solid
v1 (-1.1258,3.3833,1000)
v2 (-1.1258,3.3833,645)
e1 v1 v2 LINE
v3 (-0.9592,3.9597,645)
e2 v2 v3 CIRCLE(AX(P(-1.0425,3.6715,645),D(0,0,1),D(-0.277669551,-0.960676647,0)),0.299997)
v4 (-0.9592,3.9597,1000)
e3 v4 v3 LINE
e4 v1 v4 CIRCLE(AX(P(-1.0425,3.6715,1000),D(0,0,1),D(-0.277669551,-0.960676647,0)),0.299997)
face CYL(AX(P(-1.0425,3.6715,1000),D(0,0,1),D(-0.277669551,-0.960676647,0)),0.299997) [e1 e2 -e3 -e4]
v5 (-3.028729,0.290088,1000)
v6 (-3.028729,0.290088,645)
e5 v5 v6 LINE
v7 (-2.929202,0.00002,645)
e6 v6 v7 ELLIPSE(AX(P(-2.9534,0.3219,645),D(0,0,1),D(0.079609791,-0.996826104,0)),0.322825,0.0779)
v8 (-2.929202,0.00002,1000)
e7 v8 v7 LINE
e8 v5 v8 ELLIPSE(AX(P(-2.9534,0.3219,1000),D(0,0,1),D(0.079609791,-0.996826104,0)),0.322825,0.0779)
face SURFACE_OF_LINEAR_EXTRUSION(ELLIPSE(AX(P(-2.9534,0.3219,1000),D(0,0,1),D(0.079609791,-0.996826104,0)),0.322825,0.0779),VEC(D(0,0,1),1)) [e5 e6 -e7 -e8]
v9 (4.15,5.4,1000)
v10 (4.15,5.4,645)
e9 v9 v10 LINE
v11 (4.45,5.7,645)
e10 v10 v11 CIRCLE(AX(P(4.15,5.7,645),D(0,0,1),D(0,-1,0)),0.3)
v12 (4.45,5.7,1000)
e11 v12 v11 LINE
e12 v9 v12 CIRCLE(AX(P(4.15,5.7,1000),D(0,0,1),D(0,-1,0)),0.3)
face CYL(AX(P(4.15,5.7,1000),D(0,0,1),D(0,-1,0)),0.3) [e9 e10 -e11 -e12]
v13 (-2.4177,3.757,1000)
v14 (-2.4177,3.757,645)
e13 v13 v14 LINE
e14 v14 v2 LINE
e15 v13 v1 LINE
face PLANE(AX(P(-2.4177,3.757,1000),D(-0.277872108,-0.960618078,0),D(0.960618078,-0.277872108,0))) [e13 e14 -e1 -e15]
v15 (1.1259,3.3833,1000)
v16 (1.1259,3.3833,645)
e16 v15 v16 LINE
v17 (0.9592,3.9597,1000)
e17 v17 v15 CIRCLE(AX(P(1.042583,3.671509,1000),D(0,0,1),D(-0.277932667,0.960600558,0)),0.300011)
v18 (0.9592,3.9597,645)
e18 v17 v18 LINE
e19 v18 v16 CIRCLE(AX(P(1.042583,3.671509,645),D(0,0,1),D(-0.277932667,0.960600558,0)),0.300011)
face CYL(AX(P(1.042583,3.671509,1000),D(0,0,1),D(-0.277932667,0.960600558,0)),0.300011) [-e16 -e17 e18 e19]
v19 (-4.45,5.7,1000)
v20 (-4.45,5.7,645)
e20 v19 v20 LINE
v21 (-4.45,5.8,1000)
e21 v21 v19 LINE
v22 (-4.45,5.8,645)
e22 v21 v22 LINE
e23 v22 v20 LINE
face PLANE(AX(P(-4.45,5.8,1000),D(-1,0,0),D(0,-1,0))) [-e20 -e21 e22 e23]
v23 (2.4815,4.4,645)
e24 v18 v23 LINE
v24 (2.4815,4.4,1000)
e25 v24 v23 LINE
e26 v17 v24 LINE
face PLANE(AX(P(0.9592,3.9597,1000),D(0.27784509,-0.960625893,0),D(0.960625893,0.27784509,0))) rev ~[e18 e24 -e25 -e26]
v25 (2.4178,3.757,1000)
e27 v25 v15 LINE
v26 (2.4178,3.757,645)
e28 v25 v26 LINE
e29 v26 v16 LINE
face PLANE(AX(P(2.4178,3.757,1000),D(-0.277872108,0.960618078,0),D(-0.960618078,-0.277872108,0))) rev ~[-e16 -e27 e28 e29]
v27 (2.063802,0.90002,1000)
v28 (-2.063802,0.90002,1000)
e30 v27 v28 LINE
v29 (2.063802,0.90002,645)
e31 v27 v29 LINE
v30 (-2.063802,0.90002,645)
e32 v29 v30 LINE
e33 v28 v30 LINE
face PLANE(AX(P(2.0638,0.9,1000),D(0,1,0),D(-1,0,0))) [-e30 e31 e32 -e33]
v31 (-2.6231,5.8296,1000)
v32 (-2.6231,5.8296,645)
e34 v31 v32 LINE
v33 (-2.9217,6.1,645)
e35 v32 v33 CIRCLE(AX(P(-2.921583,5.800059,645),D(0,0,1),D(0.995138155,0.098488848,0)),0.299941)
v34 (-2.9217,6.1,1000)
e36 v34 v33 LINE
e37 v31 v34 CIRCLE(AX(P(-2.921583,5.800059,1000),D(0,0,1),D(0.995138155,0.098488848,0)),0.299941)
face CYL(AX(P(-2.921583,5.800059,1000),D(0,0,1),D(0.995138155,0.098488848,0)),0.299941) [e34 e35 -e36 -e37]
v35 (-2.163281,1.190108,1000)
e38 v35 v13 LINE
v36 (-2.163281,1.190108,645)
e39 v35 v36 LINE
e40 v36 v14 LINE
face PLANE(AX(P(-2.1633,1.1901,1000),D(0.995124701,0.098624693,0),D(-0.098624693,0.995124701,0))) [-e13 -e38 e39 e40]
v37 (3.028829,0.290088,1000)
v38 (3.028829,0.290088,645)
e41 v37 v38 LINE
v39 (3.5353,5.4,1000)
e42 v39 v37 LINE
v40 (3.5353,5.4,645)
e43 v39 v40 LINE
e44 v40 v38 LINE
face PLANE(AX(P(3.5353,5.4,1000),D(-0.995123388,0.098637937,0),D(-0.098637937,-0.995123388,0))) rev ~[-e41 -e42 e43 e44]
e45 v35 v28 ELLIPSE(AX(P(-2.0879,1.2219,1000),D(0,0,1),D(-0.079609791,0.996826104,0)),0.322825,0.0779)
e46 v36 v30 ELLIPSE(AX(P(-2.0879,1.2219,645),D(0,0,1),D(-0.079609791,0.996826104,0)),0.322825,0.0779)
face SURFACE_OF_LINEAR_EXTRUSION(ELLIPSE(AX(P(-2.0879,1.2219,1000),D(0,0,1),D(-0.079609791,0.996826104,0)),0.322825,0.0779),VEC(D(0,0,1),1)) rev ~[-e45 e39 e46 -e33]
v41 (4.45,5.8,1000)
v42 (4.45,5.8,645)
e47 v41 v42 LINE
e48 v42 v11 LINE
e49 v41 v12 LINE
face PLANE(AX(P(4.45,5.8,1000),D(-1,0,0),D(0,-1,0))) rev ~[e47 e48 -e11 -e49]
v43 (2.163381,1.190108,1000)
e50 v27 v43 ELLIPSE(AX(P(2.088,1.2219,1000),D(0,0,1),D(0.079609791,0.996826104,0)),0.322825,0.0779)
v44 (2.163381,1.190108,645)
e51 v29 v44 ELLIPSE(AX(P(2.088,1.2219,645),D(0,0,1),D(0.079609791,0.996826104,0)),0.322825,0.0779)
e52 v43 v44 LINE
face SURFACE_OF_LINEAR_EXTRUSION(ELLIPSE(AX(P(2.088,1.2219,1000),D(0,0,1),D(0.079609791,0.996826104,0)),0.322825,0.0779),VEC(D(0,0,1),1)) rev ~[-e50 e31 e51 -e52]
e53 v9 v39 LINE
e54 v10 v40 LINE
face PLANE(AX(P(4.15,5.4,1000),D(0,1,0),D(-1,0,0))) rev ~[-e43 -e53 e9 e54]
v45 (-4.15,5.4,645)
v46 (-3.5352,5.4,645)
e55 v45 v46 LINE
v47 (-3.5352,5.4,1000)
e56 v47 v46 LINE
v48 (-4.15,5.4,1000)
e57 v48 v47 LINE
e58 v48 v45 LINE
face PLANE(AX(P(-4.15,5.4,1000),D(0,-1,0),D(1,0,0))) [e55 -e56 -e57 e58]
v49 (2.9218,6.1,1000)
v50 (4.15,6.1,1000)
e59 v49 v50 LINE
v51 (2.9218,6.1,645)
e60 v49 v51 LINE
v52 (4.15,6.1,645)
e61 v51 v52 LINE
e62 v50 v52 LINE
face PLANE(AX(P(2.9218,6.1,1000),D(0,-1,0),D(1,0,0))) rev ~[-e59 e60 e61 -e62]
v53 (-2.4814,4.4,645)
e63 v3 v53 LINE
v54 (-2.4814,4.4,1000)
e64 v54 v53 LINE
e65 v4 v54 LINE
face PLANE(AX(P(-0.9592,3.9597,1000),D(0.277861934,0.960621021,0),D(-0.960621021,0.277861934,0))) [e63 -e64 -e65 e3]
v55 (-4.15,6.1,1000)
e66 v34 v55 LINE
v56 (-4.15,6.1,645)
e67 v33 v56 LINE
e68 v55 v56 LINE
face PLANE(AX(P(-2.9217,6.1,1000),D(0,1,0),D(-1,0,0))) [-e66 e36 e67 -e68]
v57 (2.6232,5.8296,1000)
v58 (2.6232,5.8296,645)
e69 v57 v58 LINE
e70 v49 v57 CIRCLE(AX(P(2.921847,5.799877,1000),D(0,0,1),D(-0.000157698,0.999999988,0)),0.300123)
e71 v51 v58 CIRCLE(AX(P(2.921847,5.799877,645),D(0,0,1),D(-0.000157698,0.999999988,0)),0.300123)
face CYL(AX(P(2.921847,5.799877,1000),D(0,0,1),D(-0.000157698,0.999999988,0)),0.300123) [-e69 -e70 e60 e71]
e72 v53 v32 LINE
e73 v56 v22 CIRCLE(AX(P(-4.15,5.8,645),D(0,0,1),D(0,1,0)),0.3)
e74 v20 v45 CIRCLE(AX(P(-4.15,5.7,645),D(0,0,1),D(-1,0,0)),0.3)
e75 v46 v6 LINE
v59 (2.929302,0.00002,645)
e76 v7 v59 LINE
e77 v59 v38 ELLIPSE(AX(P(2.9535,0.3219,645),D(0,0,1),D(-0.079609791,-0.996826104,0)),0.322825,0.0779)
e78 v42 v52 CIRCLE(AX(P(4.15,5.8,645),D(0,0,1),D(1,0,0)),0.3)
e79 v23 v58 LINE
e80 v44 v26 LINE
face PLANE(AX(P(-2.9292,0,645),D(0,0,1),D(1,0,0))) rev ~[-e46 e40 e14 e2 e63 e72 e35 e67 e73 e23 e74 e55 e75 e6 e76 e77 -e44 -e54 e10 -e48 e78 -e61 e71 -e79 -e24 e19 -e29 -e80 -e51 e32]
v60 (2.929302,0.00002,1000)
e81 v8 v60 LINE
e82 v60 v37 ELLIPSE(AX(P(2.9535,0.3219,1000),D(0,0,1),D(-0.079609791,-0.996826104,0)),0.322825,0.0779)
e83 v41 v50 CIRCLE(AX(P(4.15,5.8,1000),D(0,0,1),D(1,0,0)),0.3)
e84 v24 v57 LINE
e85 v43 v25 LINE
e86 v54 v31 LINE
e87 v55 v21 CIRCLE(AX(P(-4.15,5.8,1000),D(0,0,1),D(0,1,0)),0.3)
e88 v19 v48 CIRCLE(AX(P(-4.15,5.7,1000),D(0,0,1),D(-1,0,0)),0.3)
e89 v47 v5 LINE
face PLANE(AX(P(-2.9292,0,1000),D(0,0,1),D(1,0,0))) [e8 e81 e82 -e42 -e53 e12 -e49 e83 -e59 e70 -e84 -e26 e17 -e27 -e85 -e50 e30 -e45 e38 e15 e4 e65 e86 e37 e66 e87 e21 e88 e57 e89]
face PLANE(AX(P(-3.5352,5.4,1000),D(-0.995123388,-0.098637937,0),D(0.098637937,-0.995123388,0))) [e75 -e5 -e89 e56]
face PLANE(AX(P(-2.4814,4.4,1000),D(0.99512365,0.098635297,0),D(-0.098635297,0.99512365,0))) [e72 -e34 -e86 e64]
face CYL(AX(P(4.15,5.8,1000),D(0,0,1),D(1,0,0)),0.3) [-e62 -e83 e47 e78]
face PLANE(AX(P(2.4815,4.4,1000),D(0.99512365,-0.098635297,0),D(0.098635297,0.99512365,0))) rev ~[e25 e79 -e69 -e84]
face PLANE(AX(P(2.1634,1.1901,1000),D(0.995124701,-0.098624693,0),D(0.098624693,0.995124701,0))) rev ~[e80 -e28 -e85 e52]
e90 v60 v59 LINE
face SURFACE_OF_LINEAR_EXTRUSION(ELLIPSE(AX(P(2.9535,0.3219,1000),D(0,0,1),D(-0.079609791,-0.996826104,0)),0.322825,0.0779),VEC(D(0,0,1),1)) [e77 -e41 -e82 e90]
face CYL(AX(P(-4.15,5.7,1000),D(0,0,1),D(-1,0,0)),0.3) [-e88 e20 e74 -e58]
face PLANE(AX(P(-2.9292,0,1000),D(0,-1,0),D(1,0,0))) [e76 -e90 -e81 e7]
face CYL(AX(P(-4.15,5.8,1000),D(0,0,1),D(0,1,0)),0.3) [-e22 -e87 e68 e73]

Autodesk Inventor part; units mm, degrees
ref_plane "YZ Plane" through (0, 0, 0) normal (1, 0, 0) x (0, 1, 0)
ref_plane "XZ Plane" through (0, 0, 0) normal (0, 1, 0) x (-1, 0, 0)
ref_plane "РабПлоскость5" through (-2.9292, 0, 1000) normal (0, 0, 1) x (1, 0, 0)
sketch "Эскиз1" plane through (-2.9292, 0, 1000) normal (0, 0, 1) x (1, 0, 0)
  ellipse E0 centre (5.8827, 0.3219) end of major axis (5.857, 0.0001) minor radius 0.0779 (5.8585, 0) -> (5.958, 0.2901) ccw
  arc A0 (1.8034, 3.3833) -> (1.97, 3.9597) centre (1.8867, 3.6715) ccw
  arc A1 (3.8884, 3.9597) -> (4.0551, 3.3833) centre (3.9718, 3.6715) ccw
  line L0 (5.347, 3.757) -> (4.0551, 3.3833)
  line L1 (5.0926, 1.1901) -> (5.347, 3.757)
  ellipse E1 centre (0.8413, 1.2219) end of major axis (0.8156, 1.5437) minor radius 0.0779 (0.7659, 1.1901) -> (0.8654, 0.9) ccw
  line L2 (4.993, 0.9) -> (0.8654, 0.9)
  ellipse E2 centre (5.0172, 1.2219) end of major axis (5.0429, 1.5437) minor radius 0.0779 (4.993, 0.9) -> (5.0926, 1.1901) ccw
  line L3 (0.7659, 1.1901) -> (0.5115, 3.757)
  line L4 (1.97, 3.9597) -> (0.4478, 4.4)
  line L5 (3.8884, 3.9597) -> (5.4107, 4.4)
  line L6 (5.4107, 4.4) -> (5.5524, 5.8296)
  arc A2 (5.851, 6.1) -> (5.5524, 5.8296) centre (5.851, 5.8) ccw
  line L7 (5.851, 6.1) -> (7.0792, 6.1)
  arc A3 (7.3792, 5.8) -> (7.0792, 6.1) centre (7.0792, 5.8) ccw
  arc A4 (7.0792, 5.4) -> (7.3792, 5.7) centre (7.0792, 5.7) ccw
  line L8 (7.0792, 5.4) -> (6.4645, 5.4)
  line L9 (-0.606, 5.4) -> (-0.0995, 0.2901)
  line L10 (-1.2208, 5.4) -> (-0.606, 5.4)
  arc A5 (-1.5208, 5.7) -> (-1.2208, 5.4) centre (-1.2208, 5.7) ccw
  line L11 (-1.5208, 5.8) -> (-1.5208, 5.7)
  arc A6 (-1.2208, 6.1) -> (-1.5208, 5.8) centre (-1.2208, 5.8) ccw
  line L12 (0.0075, 6.1) -> (-1.2208, 6.1)
  arc A7 (0.3061, 5.8296) -> (0.0075, 6.1) centre (0.0075, 5.8) ccw
  line L13 (0.4478, 4.4) -> (0.3061, 5.8296)
  ellipse E3 centre (-0.0242, 0.3219) end of major axis (0.0015, 0.0001) minor radius 0.0779 (-0.0995, 0.2901) -> (0, 0) ccw
  line L14 (0, 0) -> (5.8585, 0)
  line L15 (6.4645, 5.4) -> (5.958, 0.2901)
  line L16 (7.3792, 5.8) -> (7.3792, 5.7)
  line L17 (0.5115, 3.757) -> (1.8034, 3.3833)
  point P0 (2.9292, 0)
extrude "Выдавливание1" add sketch "Эскиз1" against normal blind 355
properties part number "Uplotnitel-pazovyy355_-paz-6"
